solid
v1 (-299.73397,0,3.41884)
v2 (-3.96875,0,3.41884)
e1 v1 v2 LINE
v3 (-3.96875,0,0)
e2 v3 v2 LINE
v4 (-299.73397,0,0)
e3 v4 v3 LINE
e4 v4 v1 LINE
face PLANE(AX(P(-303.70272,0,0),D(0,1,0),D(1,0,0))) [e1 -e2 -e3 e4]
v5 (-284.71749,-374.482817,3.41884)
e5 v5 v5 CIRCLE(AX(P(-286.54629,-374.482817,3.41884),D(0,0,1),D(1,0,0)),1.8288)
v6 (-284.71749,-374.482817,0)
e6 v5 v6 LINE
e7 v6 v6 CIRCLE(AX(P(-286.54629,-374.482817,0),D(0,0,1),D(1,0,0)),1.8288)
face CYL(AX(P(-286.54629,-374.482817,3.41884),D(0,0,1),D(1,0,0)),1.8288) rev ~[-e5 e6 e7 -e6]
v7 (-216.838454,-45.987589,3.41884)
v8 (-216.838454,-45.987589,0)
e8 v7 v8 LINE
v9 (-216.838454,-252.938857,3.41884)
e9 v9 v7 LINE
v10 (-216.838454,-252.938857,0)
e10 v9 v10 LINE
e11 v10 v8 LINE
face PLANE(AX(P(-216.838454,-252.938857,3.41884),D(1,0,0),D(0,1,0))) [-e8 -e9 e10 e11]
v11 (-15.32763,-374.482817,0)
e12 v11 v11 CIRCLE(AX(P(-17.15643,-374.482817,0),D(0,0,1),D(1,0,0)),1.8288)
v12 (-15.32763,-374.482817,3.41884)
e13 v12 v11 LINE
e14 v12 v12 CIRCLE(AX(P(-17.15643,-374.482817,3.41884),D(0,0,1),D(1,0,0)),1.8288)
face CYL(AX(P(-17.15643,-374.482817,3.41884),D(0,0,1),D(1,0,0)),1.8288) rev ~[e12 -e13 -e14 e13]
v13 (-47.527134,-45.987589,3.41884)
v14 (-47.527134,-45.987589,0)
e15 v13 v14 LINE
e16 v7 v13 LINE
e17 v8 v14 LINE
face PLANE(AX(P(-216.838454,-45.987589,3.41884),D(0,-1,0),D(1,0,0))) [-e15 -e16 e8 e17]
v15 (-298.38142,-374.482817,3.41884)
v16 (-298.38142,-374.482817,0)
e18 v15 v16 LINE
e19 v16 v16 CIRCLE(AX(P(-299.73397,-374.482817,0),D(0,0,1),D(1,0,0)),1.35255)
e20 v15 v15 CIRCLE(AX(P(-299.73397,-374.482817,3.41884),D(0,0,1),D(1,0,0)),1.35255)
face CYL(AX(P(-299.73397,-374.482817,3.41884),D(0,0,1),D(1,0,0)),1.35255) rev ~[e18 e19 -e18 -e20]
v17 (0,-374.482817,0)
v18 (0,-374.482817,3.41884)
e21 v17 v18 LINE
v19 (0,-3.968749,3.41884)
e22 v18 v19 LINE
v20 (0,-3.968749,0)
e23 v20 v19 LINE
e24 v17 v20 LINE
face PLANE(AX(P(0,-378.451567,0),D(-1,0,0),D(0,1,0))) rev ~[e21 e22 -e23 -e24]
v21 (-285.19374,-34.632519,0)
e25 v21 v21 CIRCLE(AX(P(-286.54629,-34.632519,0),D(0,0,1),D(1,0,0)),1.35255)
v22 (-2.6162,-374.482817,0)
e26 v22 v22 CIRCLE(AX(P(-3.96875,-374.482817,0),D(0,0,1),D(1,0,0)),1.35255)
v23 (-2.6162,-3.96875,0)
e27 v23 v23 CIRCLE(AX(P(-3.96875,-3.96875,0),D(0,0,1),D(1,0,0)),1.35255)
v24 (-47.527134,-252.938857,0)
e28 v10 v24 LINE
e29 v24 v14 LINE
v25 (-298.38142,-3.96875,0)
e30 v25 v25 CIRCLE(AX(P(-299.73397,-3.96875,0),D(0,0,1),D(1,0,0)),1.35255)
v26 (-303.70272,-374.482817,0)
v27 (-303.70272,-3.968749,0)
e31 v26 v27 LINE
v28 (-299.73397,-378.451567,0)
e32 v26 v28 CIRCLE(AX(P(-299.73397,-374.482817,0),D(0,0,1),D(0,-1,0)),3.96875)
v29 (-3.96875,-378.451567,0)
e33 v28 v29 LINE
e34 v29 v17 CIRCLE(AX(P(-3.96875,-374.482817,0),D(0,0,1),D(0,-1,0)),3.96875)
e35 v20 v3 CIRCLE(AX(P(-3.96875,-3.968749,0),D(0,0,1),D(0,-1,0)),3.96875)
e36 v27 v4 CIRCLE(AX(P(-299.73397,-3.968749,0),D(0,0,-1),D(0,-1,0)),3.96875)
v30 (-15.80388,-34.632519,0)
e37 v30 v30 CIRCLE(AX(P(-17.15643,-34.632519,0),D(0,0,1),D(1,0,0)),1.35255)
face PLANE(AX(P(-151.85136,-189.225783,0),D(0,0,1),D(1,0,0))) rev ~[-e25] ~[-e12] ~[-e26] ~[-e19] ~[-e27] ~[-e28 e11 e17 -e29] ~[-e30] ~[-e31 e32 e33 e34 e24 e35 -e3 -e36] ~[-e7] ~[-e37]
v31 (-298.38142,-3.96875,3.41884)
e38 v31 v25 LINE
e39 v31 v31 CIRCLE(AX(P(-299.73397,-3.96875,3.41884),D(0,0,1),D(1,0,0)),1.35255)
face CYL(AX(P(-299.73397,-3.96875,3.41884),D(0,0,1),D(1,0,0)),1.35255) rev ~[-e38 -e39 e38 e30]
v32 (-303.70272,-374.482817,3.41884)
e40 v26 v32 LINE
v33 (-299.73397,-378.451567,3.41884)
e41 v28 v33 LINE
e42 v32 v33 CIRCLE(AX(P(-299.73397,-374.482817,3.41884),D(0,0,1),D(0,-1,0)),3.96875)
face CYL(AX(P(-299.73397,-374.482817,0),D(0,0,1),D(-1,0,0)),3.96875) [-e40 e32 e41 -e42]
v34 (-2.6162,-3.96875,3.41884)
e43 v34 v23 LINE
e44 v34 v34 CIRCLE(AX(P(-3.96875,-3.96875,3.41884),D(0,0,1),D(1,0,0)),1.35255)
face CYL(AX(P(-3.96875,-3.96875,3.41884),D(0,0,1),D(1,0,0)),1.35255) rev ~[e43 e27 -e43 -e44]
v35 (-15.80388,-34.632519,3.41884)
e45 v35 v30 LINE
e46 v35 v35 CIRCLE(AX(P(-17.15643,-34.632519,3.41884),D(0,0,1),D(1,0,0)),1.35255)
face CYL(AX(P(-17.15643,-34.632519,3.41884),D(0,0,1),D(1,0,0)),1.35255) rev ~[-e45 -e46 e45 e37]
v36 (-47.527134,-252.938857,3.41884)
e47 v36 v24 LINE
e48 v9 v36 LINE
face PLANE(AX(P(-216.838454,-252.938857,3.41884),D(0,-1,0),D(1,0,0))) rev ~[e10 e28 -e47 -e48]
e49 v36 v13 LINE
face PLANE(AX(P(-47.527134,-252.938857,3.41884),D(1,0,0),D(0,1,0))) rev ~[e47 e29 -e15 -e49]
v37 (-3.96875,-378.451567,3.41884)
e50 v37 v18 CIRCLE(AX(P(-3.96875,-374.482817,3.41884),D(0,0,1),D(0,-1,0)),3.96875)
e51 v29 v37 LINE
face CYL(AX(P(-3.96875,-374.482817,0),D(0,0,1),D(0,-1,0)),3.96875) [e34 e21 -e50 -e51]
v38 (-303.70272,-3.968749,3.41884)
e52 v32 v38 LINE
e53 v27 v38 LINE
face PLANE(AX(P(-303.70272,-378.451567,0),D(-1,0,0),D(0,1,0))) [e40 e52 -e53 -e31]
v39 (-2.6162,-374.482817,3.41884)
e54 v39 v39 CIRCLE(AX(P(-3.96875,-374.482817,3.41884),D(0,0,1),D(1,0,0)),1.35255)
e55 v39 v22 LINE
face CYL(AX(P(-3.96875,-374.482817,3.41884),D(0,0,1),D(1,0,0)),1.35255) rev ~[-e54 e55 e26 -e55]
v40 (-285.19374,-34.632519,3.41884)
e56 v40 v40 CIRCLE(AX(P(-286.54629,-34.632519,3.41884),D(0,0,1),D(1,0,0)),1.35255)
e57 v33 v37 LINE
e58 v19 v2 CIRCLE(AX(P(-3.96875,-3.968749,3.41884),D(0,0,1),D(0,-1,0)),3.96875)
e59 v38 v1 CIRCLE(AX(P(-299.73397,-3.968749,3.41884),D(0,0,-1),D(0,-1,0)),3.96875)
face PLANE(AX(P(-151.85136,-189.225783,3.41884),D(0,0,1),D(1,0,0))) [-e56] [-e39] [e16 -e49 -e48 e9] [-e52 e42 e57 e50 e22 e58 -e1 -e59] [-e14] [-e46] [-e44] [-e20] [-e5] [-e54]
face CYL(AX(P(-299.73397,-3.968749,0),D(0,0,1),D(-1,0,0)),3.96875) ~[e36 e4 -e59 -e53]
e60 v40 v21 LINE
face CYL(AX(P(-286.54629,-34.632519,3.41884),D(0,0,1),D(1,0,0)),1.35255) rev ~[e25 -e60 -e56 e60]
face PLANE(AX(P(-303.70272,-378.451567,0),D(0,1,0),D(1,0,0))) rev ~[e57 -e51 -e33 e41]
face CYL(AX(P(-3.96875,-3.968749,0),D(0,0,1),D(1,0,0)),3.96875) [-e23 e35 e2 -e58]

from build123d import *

# Parameters (mm, degrees)
F0_W     = 303.70272
F0_H     = 378.451567
F1_DEPTH = 3.41884
F2_R     = 3.96875
F3_R     = 1.35255
F3_W     = 169.31132
F3_H     = 206.951268
F4_DEPTH = 3.41884
F5_R     = 1.8288
F6_DEPTH = 3.41884


with BuildPart() as f1:
    # F0 (on Top) → F1 (new body)
    with BuildSketch(Plane.XY):
        with Locations((-151.85136, -189.225783)):
            Rectangle(F0_W, F0_H)
    extrude(amount=F1_DEPTH)

    # F2
    f2_edges = [f1.edges().sort_by_distance(p)[0] for p in [
        (-303.70272, 0, 1.70942),
        (-303.70272, -378.451567, 1.70942),
        (0, -378.451567, 1.70942),
        (0, 0, 1.70942),
    ]]
    fillet(f2_edges, radius=F2_R)

    # F3 (on face) → F4 (cut, through all)
    with BuildSketch(Plane.XY.offset(3.41884)):
        with Locations((-299.73397, -3.96875)):
            Circle(F3_R)
        with Locations((-3.96875, -3.96875)):
            Circle(F3_R)
        with Locations((-299.73397, -374.482817)):
            Circle(F3_R)
        with Locations((-3.96875, -374.482817)):
            Circle(F3_R)
        with Locations((-286.54629, -34.632519)):
            Circle(F3_R)
        with Locations((-17.15643, -34.632519)):
            Circle(F3_R)
        with Locations((-132.182794, -149.463223)):
            Rectangle(F3_W, F3_H)
    extrude(amount=-F4_DEPTH, mode=Mode.SUBTRACT)

    # F5 (on face) → F6 (cut, through all)
    with BuildSketch(Plane.XY.offset(3.41884)):
        with Locations((-286.54629, -374.482817)):
            Circle(F5_R)
        with Locations((-17.15643, -374.482817)):
            Circle(F5_R)
    extrude(amount=-F6_DEPTH, mode=Mode.SUBTRACT)


solid = f1.part
